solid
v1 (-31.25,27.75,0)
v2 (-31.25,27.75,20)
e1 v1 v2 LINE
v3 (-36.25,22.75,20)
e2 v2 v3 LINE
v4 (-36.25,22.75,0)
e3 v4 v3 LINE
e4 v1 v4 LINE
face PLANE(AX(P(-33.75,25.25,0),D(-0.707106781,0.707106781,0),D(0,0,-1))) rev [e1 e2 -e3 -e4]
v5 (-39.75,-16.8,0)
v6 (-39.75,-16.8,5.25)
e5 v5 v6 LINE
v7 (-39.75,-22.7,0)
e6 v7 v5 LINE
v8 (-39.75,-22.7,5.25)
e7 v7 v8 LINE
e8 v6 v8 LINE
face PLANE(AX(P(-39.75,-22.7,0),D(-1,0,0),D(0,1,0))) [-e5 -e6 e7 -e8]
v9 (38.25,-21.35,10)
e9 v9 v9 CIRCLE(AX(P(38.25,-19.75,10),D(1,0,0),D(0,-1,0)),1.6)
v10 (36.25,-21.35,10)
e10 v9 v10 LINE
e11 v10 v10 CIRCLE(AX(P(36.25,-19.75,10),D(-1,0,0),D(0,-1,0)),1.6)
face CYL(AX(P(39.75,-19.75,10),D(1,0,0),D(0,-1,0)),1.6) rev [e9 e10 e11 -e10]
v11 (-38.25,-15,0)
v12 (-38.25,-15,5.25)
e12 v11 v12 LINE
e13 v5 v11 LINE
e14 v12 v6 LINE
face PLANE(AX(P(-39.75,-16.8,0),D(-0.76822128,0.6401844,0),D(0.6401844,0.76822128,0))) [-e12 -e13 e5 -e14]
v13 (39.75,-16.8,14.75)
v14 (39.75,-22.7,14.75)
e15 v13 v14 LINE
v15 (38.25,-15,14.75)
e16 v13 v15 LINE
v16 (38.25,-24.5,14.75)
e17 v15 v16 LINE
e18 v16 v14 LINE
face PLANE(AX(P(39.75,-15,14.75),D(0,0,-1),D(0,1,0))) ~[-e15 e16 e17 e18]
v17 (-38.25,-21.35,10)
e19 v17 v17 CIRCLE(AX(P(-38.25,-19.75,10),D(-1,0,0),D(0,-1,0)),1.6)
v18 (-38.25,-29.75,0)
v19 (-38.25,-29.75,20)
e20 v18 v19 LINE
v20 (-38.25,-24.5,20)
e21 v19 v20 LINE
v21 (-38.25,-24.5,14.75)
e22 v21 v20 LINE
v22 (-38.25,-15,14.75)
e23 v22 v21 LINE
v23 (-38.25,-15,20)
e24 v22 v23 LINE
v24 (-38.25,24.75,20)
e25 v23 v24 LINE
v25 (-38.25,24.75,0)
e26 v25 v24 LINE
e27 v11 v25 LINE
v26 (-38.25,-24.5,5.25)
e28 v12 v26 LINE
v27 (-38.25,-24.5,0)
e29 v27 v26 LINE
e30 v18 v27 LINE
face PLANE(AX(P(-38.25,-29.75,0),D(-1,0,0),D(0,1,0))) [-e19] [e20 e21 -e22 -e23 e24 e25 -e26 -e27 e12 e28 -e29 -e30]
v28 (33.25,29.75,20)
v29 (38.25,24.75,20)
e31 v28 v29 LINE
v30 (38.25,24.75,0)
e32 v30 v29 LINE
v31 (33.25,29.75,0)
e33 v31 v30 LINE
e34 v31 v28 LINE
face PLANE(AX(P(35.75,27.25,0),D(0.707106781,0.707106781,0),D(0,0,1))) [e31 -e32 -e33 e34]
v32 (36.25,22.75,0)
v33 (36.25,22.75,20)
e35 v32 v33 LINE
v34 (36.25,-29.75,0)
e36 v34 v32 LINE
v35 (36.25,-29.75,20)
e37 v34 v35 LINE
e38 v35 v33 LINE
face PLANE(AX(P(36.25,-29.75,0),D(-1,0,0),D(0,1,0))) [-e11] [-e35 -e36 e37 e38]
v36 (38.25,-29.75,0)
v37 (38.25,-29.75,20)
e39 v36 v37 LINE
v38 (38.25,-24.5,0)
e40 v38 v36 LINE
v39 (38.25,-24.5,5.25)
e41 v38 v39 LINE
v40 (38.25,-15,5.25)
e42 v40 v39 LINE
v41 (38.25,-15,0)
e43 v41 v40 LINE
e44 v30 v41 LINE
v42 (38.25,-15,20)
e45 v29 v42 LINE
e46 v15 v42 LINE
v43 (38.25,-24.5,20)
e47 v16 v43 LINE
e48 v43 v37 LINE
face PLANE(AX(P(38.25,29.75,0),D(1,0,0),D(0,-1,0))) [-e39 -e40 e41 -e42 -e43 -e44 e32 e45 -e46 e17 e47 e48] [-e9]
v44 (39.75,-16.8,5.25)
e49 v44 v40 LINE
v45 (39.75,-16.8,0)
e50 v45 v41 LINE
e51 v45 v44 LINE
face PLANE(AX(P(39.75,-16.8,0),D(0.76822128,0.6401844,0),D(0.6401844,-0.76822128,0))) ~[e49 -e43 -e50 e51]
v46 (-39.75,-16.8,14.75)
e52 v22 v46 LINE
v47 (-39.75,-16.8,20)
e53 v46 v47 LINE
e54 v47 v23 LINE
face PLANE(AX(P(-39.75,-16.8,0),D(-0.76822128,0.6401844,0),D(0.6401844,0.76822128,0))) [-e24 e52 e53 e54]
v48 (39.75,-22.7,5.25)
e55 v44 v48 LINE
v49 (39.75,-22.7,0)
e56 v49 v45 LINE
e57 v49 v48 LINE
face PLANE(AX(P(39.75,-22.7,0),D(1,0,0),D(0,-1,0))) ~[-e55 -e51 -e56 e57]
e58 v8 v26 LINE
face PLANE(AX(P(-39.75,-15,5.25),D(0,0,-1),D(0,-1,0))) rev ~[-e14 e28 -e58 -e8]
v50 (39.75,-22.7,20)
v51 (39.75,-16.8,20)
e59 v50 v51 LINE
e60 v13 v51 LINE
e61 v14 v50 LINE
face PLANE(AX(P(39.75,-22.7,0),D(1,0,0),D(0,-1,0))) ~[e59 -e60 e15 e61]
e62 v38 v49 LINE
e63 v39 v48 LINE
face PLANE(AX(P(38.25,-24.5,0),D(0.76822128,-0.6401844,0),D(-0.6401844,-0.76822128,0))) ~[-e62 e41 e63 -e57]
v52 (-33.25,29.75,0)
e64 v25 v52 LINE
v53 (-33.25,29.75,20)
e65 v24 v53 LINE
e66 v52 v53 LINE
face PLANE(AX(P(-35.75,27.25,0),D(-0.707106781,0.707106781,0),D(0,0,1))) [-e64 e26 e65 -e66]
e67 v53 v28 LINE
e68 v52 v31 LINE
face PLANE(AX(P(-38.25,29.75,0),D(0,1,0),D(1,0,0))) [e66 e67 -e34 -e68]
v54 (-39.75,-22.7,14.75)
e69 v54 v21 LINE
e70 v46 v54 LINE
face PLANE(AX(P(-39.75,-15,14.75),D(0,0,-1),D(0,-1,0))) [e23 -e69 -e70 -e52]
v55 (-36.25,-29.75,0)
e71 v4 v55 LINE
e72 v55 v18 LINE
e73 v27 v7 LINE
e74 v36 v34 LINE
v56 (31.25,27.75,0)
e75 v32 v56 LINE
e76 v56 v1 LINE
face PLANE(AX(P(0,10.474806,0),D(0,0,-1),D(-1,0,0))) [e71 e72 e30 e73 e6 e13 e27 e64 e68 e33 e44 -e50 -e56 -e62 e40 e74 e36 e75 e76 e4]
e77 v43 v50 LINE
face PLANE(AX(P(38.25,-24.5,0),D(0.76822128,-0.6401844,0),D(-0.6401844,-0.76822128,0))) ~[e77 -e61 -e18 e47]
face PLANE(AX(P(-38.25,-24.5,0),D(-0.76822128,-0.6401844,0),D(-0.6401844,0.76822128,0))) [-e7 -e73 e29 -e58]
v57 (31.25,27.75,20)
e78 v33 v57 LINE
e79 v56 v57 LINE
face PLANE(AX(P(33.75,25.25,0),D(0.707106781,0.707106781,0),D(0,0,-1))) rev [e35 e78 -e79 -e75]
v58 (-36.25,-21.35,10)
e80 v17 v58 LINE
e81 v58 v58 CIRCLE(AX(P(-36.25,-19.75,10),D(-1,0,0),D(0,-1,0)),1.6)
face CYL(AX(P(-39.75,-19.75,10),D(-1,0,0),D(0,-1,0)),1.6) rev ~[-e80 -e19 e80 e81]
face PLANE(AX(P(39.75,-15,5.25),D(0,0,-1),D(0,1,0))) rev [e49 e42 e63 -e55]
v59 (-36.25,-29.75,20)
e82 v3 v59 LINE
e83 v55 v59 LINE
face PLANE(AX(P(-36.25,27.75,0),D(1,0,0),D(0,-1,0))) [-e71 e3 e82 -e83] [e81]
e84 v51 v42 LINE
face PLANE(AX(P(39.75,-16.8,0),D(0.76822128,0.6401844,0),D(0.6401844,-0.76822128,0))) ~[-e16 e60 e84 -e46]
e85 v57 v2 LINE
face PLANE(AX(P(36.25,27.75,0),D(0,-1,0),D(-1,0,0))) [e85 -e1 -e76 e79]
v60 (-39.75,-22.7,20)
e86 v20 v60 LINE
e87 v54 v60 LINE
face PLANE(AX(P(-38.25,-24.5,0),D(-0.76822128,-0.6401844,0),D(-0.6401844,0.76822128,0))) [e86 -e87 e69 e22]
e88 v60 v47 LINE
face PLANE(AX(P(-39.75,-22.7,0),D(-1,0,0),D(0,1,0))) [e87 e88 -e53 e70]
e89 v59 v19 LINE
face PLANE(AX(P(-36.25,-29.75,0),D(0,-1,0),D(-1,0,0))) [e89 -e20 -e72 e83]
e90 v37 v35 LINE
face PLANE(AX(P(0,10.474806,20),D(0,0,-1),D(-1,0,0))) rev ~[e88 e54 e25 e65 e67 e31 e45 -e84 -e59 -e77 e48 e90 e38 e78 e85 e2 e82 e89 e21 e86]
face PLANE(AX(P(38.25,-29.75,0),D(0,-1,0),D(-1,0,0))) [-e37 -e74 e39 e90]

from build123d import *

# Parameters (mm, degrees)
PAD_DEPTH       = 20
PAD001_DEPTH    = 20
SKETCH002_R     = 1.6
POCKET_DEPTH    = 3.5
SKETCH003_W     = 9.5
SKETCH003_H     = 9.5
POCKET001_DEPTH = 1.5
CHAMFER_SIZE    = 5


with BuildPart() as part:
    # Sketch → Pad (new body)
    with BuildSketch(Plane.XY):
        Polygon((-38.25, -29.75), (-38.25, 29.75), (38.25, 29.75), (38.25, -29.75), (36.25, -29.75), (36.25, 27.75), (-36.25, 27.75), (-36.25, -29.75), align=None)
    extrude(amount=PAD_DEPTH)

    # Sketch001 (on Face9 of Pad) → Pad001 (join)
    with BuildSketch(Plane(origin=(0, 0, 0), x_dir=(1, 0, 0), z_dir=(0, 0, -1))):
        Polygon((-38.25, 24.5), (-39.75, 22.7), (-39.75, 16.8), (-38.25, 15), align=None)
    pad001 = extrude(amount=-PAD001_DEPTH)

    # Sketch002 (on Face14 of Pad001) → Pocket (cut)
    with BuildSketch(Plane(origin=(-39.75, 0, 0), x_dir=(0, -1, 0), z_dir=(-1, 0, 0))):
        with Locations((19.75, 10)):
            Circle(SKETCH002_R)
    pocket = extrude(amount=-POCKET_DEPTH, mode=Mode.SUBTRACT)

    # Sketch003 (on Face14 of Pocket) → Pocket001 (cut)
    with BuildSketch(Plane(origin=(-39.75, 0, 0), x_dir=(0, -1, 0), z_dir=(-1, 0, 0))):
        with Locations((19.75, 10)):
            Rectangle(SKETCH003_W, SKETCH003_H)
    pocket001 = extrude(amount=-POCKET001_DEPTH, mode=Mode.SUBTRACT)

    # Mirrored: Pad001, Pocket, Pocket001 across YZ
    add(pad001.mirror(Plane.YZ))
    add(pocket.mirror(Plane.YZ), mode=Mode.SUBTRACT)
    add(pocket001.mirror(Plane.YZ), mode=Mode.SUBTRACT)

    # Chamfer
    chamfer_edges = [part.edges().sort_by_distance(p)[0] for p in [
        (36.25, 27.75, 10),
        (-36.25, 27.75, 10),
        (-38.25, 29.75, 10),
        (38.25, 29.75, 10),
    ]]
    chamfer(chamfer_edges, length=CHAMFER_SIZE)


solid = part.part
